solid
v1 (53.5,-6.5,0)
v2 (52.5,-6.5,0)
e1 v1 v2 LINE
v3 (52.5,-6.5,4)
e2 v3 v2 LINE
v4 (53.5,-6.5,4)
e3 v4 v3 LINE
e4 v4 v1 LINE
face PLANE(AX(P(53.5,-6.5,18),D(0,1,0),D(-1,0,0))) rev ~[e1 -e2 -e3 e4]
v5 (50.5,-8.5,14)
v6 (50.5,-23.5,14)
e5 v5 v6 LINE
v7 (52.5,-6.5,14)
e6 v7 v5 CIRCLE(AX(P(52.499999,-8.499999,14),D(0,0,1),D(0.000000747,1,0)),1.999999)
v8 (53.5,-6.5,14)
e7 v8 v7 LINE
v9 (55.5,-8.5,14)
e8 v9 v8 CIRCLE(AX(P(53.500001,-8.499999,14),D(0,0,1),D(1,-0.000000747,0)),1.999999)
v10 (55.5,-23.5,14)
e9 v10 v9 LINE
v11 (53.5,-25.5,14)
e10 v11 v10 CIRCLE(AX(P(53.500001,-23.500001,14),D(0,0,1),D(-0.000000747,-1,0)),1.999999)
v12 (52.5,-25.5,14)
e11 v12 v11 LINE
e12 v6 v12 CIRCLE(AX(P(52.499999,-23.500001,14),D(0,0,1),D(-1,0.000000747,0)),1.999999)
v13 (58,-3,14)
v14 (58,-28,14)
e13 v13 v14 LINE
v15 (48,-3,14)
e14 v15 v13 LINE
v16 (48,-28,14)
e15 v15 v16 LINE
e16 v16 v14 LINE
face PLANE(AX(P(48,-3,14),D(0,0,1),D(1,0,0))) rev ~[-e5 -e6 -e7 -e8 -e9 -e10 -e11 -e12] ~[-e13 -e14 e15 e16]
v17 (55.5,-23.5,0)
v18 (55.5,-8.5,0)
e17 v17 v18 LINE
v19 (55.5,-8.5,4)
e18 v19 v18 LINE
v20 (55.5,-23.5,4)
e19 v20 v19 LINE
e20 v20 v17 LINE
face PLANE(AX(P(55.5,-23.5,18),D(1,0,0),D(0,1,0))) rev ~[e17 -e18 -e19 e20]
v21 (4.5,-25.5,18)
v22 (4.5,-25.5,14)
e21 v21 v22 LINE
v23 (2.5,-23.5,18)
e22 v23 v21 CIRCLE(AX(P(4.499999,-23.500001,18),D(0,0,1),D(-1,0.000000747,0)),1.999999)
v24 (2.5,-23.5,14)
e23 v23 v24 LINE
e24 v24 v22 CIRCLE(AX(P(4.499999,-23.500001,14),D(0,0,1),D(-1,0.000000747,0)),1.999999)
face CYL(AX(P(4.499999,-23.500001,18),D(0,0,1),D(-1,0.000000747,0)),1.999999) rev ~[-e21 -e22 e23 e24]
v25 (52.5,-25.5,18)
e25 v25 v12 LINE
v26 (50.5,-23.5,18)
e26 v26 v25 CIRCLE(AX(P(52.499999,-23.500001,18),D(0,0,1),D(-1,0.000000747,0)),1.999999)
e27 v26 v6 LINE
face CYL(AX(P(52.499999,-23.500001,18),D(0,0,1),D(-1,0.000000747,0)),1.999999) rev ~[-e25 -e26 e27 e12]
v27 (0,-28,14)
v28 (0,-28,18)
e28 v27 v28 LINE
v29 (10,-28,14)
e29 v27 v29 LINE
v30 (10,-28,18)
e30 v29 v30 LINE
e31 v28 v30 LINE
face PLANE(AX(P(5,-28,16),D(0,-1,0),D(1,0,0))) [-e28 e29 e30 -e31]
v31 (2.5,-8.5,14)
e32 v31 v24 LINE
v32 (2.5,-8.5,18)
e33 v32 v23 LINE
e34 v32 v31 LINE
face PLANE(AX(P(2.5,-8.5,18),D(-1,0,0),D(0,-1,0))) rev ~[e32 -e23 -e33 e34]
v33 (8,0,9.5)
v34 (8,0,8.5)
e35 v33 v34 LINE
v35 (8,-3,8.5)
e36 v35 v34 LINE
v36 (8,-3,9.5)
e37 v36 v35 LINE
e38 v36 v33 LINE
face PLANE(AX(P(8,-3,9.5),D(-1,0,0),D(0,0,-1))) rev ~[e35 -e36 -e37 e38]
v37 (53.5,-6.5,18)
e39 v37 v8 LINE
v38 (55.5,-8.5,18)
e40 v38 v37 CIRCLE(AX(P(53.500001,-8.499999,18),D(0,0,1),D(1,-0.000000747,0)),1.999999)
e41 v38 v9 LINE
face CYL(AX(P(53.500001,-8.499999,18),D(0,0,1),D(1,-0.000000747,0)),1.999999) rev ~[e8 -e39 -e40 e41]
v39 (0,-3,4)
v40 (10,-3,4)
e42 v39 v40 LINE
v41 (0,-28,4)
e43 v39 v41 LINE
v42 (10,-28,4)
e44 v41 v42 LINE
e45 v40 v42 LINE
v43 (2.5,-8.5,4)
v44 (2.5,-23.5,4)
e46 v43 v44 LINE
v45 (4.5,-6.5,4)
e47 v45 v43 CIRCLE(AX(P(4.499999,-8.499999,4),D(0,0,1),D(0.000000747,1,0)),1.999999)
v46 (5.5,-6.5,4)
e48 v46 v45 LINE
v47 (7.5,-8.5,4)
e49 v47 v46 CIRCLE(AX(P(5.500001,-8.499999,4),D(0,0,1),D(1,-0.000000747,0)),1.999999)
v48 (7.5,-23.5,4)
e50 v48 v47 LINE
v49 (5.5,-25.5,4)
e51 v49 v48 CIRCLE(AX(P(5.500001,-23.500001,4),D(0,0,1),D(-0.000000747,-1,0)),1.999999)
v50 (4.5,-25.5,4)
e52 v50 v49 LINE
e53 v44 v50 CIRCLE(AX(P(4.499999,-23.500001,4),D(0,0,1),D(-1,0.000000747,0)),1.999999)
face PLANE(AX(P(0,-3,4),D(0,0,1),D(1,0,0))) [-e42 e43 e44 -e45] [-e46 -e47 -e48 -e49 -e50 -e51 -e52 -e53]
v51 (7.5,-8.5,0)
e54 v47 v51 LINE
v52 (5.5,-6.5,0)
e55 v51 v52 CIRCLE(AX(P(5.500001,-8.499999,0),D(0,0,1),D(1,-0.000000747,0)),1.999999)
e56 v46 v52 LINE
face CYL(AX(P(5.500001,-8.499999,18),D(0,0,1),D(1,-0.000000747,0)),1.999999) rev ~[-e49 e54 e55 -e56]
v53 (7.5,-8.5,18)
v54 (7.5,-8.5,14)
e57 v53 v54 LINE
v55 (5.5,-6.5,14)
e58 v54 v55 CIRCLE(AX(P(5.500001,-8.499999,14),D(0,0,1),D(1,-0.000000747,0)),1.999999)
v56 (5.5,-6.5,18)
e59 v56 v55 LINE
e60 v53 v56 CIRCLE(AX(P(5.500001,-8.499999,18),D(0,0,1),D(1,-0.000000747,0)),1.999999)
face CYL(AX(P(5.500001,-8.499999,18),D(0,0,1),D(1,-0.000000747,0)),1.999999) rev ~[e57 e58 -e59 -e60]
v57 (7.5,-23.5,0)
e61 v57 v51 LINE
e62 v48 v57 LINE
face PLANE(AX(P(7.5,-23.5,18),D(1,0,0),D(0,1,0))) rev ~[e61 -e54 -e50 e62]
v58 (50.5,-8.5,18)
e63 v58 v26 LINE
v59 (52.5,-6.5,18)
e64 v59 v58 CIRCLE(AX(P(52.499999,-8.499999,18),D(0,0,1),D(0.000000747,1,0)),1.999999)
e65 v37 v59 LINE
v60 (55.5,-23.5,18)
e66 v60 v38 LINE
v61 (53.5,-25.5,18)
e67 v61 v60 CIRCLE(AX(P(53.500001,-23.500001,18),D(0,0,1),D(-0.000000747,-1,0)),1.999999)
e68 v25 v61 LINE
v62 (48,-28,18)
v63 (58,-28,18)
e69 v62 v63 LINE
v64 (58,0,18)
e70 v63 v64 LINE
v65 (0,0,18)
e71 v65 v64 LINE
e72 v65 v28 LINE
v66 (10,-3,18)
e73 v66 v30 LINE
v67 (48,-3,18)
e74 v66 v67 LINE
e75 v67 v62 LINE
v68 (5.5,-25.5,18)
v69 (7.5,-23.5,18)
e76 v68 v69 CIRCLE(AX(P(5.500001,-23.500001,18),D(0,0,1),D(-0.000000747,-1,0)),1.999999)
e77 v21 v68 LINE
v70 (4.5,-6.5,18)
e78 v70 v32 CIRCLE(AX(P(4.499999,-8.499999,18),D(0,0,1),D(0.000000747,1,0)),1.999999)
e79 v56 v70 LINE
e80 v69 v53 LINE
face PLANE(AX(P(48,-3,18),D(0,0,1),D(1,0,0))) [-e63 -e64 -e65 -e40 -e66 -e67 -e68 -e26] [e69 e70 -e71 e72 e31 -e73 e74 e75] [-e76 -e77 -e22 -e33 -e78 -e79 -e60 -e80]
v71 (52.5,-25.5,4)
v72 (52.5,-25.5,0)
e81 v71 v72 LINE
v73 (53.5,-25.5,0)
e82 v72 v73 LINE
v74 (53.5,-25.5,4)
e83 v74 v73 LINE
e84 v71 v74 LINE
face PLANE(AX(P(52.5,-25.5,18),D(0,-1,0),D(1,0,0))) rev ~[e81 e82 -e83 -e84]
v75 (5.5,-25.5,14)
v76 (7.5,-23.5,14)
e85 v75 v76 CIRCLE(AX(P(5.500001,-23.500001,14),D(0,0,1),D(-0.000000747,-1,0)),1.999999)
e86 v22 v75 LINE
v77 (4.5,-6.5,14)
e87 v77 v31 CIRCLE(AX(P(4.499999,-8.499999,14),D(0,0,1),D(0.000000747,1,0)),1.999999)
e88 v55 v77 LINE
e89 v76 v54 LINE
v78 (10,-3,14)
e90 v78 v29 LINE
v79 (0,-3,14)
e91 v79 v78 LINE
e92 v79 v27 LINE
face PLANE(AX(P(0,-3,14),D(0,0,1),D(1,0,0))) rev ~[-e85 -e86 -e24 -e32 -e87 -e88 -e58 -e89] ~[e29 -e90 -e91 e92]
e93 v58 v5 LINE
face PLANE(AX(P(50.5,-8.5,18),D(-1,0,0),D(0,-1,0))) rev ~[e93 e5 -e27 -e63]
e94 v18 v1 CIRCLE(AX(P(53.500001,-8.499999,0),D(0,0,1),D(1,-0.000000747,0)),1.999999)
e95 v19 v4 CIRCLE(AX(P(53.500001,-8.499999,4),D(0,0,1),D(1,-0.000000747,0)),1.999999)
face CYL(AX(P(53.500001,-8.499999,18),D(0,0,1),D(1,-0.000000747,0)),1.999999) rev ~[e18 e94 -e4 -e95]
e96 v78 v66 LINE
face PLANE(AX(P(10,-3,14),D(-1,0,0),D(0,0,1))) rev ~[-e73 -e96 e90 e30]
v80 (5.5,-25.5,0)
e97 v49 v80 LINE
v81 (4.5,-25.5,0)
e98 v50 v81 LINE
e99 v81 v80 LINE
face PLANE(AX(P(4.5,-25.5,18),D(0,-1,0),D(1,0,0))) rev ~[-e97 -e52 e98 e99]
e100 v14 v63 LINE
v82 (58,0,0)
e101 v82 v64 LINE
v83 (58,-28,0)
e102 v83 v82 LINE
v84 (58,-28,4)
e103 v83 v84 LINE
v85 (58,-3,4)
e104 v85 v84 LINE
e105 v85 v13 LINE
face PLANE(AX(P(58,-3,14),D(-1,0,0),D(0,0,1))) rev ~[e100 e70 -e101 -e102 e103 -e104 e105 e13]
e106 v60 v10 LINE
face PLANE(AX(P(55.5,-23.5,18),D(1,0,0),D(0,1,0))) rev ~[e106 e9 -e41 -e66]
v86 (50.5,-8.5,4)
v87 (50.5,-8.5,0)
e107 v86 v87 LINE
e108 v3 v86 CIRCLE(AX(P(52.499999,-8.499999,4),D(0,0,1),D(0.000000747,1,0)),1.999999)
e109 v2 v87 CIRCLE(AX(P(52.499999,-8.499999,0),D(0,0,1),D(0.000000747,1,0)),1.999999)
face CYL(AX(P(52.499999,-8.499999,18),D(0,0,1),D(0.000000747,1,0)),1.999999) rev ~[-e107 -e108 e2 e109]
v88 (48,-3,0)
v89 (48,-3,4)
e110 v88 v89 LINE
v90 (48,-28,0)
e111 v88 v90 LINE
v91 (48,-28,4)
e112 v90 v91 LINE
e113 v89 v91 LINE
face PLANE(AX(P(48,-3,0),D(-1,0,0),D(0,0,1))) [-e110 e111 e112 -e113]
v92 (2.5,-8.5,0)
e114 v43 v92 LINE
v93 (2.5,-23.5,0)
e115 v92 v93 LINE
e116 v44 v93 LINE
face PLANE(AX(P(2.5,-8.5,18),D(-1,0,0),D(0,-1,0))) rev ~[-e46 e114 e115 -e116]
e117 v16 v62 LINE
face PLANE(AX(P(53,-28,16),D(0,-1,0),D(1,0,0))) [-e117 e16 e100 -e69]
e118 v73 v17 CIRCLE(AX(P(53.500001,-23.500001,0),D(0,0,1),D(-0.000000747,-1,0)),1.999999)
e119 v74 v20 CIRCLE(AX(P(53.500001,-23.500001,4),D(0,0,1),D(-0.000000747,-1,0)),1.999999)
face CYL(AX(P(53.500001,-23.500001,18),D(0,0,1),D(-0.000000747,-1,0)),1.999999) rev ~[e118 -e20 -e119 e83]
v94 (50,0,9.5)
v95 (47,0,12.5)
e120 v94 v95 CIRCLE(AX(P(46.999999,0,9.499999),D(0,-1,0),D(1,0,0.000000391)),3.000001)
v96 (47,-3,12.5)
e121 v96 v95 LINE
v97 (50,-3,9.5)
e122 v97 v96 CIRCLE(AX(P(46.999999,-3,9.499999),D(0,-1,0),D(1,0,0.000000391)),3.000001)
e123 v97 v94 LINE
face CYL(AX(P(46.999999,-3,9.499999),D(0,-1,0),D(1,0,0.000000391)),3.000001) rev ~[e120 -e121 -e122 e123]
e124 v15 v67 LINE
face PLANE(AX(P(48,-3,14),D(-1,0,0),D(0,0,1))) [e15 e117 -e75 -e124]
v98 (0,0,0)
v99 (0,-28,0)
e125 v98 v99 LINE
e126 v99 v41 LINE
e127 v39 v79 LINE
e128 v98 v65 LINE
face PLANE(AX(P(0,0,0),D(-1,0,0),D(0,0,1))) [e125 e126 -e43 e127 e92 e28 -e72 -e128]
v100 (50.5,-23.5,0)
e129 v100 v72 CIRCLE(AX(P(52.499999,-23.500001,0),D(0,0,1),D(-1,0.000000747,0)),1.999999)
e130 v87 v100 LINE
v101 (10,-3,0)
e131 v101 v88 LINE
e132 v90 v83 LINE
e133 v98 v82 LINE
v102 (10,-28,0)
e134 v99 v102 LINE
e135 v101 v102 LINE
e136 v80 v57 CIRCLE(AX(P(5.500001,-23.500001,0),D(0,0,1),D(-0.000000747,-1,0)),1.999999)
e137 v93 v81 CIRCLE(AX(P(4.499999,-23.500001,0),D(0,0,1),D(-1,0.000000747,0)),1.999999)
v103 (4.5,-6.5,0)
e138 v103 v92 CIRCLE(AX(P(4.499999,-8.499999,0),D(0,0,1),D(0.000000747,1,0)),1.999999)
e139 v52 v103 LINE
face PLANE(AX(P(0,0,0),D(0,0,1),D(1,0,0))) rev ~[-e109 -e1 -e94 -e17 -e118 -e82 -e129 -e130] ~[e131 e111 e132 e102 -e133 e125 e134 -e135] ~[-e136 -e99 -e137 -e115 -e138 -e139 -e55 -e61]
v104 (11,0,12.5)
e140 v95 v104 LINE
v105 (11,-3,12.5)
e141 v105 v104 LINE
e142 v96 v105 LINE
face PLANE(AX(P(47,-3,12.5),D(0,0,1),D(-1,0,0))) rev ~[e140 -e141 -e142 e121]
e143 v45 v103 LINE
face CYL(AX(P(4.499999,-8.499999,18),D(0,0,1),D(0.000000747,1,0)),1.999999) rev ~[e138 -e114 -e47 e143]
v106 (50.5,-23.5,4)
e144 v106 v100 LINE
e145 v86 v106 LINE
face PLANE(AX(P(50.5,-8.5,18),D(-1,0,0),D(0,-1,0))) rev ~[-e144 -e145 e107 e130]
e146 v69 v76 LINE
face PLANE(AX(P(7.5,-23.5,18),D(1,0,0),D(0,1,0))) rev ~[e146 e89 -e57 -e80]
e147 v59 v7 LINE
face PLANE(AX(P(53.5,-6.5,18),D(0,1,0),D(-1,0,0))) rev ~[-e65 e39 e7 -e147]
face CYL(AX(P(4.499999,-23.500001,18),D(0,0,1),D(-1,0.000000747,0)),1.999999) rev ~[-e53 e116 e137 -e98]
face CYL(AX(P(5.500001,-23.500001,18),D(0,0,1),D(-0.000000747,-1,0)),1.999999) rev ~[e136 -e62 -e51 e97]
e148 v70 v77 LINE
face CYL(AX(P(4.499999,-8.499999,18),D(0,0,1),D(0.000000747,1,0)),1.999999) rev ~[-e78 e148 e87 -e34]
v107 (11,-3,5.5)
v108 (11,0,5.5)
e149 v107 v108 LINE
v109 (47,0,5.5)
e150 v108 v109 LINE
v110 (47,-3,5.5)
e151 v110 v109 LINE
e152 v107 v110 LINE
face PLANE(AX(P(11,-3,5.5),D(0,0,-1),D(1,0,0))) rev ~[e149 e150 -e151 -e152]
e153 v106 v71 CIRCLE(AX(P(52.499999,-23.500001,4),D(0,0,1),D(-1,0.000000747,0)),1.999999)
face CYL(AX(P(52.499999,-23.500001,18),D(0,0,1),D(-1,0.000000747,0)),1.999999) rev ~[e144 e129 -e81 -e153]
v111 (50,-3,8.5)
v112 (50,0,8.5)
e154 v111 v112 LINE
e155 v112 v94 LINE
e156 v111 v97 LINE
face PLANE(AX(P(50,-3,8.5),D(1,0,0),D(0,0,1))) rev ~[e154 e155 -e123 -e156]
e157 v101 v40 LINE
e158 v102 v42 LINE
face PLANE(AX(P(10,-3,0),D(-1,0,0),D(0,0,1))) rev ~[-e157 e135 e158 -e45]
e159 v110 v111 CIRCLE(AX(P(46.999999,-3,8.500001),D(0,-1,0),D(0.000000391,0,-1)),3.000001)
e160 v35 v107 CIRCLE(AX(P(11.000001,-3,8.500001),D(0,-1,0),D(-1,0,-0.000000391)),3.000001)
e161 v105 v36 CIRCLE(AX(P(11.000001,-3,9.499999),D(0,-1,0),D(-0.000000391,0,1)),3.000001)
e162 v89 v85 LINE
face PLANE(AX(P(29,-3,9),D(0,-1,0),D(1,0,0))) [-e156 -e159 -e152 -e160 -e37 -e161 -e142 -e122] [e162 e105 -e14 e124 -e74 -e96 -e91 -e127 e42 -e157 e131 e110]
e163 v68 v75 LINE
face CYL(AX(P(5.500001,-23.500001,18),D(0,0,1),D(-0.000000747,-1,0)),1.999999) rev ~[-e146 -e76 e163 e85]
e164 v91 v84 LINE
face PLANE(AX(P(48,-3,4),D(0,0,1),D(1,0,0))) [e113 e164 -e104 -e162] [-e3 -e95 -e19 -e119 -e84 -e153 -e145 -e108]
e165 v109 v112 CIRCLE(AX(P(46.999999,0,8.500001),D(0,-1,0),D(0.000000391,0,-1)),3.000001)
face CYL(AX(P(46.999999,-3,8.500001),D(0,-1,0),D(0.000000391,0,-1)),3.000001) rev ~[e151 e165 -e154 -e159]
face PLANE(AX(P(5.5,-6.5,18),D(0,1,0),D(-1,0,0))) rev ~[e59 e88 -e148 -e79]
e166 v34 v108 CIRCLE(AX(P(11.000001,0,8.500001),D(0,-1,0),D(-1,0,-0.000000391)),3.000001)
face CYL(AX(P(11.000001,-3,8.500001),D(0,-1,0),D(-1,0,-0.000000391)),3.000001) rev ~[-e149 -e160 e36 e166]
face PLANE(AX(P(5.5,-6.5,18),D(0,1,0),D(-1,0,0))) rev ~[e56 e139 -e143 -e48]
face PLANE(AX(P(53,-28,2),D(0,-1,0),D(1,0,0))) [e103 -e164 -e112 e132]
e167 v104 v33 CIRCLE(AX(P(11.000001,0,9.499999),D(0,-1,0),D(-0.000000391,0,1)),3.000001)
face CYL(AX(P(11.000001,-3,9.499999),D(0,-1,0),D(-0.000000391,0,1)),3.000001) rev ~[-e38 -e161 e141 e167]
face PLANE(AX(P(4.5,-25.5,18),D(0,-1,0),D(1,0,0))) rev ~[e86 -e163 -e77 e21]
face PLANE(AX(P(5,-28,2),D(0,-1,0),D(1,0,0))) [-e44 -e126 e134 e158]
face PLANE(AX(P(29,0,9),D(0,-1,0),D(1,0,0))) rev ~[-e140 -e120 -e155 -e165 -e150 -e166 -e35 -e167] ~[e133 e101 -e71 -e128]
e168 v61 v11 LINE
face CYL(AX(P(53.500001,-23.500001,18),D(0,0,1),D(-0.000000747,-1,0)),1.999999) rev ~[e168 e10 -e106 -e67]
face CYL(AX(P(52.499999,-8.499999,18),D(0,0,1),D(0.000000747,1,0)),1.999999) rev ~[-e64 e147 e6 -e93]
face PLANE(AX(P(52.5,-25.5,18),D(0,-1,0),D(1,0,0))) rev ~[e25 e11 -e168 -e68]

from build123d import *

# Parameters (mm, degrees)
F0_W     = 58
F0_H     = 18
F1_DEPTH = 3
F2_W     = 10
F2_H     = 4
F3_DEPTH = 25
F5_DEPTH = 3.001
F7_DEPTH = 18.001


with BuildPart() as f1:
    # F0 (on Front) → F1 (new body)
    with BuildSketch(Plane.XZ):
        with Locations((29, 9)):
            Rectangle(F0_W, F0_H)
    extrude(amount=F1_DEPTH)

    # F2 (on face) → F3 (join)
    with BuildSketch(Plane.XZ.offset(3)):
        with Locations((53, 16)):
            Rectangle(F2_W, F2_H)
        with Locations((53, 2)):
            Rectangle(F2_W, F2_H)
        with Locations((5, 2)):
            Rectangle(F2_W, F2_H)
        with Locations((5, 16)):
            Rectangle(F2_W, F2_H)
    extrude(amount=F3_DEPTH)

    # F4 (on face) → F5 (cut, through all)
    with BuildSketch(Plane.XZ.offset(3)):
        with BuildLine():
            Line((47, 12.5), (11, 12.5))
            ThreePointArc((11, 12.5), (8.87868, 11.62132), (8, 9.5))
            Line((8, 9.5), (8, 8.5))
            ThreePointArc((8, 8.5), (8.87868, 6.37868), (11, 5.5))
            Line((11, 5.5), (47, 5.5))
            ThreePointArc((47, 5.5), (49.12132, 6.37868), (50, 8.5))
            Line((50, 8.5), (50, 9.5))
            ThreePointArc((50, 9.5), (49.12132, 11.62132), (47, 12.5))
        make_face()
    extrude(amount=-F5_DEPTH, mode=Mode.SUBTRACT)

    # F6 (on face) → F7 (cut, through all)
    with BuildSketch(Plane.XY.offset(18)):
        with BuildLine():
            Line((5.5, -6.5), (4.5, -6.5))
            ThreePointArc((4.5, -6.5), (3.085786, -7.085786), (2.5, -8.5))
            Line((2.5, -8.5), (2.5, -23.5))
            ThreePointArc((2.5, -23.5), (3.085786, -24.914214), (4.5, -25.5))
            Line((4.5, -25.5), (5.5, -25.5))
            ThreePointArc((5.5, -25.5), (6.914214, -24.914214), (7.5, -23.5))
            Line((7.5, -23.5), (7.5, -8.5))
            ThreePointArc((7.5, -8.5), (6.914214, -7.085786), (5.5, -6.5))
        make_face()
        with BuildLine():
            Line((53.5, -6.5), (52.5, -6.5))
            ThreePointArc((52.5, -6.5), (51.085786, -7.085786), (50.5, -8.5))
            Line((50.5, -8.5), (50.5, -23.5))
            ThreePointArc((50.5, -23.5), (51.085786, -24.914214), (52.5, -25.5))
            Line((52.5, -25.5), (53.5, -25.5))
            ThreePointArc((53.5, -25.5), (54.914214, -24.914214), (55.5, -23.5))
            Line((55.5, -23.5), (55.5, -8.5))
            ThreePointArc((55.5, -8.5), (54.914214, -7.085786), (53.5, -6.5))
        make_face()
    extrude(amount=-F7_DEPTH, mode=Mode.SUBTRACT)


solid = f1.part
